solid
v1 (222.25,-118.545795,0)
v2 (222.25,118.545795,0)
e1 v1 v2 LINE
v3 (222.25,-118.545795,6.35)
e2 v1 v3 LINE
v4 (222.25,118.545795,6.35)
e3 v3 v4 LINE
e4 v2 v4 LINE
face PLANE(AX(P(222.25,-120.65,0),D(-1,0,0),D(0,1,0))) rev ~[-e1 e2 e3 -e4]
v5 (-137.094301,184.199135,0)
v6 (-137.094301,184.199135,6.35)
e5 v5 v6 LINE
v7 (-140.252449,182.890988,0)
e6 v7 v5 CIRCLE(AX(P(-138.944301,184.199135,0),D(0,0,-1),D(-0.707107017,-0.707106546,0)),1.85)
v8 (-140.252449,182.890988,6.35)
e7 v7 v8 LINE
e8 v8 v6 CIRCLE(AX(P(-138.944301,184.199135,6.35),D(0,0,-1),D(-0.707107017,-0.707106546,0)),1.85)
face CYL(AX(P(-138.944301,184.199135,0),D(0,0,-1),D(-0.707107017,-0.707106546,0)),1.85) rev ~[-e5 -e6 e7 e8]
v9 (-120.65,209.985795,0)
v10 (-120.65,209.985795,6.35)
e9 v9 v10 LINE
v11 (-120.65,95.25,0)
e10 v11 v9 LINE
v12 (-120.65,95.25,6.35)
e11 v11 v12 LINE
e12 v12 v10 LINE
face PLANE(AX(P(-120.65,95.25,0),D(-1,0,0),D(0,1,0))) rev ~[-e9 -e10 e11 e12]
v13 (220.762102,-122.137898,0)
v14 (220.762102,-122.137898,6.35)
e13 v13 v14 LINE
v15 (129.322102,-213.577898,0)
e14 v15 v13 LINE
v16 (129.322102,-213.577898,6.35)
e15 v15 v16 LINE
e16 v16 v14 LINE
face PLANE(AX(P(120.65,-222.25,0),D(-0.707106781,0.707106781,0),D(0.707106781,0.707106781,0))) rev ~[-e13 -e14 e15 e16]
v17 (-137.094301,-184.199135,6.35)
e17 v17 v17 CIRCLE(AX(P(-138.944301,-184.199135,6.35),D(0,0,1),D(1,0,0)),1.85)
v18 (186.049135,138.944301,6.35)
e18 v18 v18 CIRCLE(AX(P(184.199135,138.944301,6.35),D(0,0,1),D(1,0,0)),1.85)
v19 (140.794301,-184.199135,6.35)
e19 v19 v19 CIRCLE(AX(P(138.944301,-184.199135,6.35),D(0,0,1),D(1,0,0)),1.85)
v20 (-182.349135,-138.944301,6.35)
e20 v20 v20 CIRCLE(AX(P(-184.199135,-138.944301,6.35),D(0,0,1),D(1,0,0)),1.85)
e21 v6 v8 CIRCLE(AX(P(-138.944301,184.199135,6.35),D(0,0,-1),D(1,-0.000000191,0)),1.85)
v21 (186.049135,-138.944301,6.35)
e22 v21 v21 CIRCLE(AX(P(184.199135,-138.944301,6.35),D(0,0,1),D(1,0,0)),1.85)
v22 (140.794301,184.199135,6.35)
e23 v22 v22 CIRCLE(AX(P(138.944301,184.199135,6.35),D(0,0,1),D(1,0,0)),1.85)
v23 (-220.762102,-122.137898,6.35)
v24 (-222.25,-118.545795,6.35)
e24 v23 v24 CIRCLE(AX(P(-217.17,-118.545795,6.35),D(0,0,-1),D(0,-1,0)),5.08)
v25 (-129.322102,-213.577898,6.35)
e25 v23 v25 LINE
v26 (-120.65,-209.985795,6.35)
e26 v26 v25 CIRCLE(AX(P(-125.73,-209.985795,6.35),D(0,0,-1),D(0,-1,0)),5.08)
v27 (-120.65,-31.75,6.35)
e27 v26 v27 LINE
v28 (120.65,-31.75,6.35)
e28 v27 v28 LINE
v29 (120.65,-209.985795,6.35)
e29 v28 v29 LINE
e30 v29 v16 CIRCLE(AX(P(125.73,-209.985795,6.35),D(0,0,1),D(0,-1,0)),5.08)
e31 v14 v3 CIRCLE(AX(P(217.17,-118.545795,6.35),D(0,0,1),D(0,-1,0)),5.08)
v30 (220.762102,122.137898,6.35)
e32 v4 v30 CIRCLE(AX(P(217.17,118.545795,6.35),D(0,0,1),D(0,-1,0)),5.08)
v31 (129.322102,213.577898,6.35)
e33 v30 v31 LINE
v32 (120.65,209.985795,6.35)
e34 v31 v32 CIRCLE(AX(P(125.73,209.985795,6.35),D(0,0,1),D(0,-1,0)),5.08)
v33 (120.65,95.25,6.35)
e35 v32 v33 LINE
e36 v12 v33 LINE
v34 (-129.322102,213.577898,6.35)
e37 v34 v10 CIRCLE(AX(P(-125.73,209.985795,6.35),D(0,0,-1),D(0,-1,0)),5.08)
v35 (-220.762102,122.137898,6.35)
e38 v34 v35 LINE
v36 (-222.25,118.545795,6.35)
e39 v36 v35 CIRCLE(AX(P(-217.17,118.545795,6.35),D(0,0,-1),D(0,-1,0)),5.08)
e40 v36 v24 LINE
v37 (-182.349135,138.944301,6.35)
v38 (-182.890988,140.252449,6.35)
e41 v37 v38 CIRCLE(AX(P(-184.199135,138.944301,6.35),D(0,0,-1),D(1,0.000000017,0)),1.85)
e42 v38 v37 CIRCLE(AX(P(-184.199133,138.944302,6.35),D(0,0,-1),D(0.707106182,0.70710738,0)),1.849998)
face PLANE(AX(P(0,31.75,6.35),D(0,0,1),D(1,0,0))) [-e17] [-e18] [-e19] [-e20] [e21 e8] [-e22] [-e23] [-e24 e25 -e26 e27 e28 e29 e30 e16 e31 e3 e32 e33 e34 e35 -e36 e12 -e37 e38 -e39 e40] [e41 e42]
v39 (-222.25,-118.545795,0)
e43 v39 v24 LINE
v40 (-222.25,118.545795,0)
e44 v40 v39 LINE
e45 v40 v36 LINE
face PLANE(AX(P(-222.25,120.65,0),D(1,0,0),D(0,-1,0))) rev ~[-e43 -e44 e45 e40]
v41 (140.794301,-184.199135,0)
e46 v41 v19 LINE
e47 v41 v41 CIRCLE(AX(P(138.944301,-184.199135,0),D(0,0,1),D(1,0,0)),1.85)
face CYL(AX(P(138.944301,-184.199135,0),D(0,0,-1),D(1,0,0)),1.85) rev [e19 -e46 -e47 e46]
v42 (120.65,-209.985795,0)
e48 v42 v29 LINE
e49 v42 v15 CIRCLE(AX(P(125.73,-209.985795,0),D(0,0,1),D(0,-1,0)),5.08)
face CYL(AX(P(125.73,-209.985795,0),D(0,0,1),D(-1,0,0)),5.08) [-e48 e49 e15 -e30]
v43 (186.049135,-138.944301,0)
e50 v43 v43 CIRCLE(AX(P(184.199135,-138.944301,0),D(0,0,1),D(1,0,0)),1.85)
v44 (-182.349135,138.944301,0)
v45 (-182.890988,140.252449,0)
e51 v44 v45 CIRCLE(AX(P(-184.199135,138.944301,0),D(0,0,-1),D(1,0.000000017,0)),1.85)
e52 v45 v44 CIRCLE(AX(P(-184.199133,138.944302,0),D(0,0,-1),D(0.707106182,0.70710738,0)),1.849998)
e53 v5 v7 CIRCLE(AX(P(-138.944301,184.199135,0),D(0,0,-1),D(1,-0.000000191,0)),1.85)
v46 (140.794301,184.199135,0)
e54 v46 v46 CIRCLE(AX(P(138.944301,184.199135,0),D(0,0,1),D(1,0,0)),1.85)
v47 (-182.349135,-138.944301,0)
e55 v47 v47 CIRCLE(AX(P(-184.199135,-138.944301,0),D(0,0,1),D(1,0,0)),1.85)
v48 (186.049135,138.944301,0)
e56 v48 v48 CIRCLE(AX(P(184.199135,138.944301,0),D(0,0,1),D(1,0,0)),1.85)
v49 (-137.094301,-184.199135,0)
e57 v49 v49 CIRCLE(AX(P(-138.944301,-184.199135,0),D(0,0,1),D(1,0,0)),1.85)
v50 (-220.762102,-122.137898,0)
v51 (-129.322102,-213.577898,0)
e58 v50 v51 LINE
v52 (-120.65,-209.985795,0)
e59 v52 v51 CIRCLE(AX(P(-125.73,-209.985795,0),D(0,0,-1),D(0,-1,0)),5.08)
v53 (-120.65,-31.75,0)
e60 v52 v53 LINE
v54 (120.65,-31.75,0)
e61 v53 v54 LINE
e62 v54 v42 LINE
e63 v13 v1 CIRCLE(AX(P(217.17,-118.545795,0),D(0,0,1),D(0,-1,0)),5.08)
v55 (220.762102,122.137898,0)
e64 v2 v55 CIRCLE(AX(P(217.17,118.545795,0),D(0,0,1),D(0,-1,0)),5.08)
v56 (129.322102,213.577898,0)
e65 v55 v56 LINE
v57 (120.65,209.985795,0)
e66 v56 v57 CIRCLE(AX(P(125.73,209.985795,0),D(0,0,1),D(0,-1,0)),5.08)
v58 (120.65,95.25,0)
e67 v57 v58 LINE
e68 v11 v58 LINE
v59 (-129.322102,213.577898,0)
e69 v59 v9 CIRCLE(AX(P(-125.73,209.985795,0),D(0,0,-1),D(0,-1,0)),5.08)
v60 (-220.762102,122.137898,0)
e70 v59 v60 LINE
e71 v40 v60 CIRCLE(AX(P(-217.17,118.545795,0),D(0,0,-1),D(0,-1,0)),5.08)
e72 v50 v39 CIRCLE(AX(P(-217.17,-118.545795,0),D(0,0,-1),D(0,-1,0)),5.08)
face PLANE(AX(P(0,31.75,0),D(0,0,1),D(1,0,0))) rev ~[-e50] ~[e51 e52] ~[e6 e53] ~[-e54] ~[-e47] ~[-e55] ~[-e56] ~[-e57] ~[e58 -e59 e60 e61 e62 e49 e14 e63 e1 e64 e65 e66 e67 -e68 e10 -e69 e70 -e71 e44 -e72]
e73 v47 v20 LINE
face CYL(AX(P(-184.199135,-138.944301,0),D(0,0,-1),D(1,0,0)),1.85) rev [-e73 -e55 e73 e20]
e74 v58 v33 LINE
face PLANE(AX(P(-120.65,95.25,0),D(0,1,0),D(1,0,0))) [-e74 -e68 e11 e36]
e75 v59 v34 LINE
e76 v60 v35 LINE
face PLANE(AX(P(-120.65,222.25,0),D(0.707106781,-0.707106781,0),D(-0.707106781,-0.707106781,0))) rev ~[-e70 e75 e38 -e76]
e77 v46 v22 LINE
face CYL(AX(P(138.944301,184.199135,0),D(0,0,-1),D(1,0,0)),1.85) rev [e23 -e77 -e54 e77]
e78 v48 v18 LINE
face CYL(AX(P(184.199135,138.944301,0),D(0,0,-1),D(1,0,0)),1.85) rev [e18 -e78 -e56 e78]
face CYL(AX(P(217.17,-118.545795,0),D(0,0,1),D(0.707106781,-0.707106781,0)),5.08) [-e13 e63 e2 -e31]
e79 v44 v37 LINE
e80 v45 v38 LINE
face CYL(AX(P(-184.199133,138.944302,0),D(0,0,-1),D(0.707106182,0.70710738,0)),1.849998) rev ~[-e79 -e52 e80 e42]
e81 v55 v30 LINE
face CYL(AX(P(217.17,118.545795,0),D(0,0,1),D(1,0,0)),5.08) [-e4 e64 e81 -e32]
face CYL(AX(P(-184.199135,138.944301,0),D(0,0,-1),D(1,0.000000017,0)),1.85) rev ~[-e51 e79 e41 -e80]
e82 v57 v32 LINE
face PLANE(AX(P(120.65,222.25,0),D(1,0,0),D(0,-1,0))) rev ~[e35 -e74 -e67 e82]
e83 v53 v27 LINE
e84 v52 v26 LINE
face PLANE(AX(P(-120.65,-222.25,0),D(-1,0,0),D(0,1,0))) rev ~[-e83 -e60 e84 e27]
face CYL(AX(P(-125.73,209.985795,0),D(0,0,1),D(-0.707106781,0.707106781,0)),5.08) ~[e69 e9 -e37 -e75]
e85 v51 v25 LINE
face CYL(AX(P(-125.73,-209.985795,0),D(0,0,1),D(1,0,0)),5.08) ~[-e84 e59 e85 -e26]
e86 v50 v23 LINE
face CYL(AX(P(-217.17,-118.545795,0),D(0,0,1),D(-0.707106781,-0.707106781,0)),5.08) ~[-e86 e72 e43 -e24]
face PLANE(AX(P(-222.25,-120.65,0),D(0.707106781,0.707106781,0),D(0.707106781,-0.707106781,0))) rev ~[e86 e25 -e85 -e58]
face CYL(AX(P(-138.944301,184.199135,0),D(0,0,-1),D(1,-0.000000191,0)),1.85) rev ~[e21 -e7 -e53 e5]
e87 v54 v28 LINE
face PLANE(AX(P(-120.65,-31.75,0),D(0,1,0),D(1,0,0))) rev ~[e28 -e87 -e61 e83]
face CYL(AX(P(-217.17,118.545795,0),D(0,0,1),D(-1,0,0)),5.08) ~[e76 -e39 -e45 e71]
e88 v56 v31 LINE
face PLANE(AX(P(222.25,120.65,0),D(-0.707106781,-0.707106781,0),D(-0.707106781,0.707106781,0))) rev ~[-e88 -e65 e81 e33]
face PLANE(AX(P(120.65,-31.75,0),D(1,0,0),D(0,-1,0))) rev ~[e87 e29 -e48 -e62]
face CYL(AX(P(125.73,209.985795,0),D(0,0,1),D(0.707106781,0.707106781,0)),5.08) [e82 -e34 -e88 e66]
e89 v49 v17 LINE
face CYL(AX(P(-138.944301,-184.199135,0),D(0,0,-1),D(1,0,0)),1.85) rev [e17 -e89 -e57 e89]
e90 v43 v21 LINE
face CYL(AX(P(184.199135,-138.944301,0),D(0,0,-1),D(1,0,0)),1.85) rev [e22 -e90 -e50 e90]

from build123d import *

# Parameters (mm, degrees)
F0_W     = 241.3
F0_H     = 127
F0_R     = 1.85
F1_DEPTH = 6.35
F2_R     = 5.08


with BuildPart() as f1:
    # F0 (on Top) → F1 (new body)
    with BuildSketch(Plane.XY):
        with Locations((0, 31.75)):
            Rectangle(F0_W, F0_H)
        Polygon((-120.65, 95.25), (-120.65, 222.25), (-171.45, 171.45), (-222.25, 120.65), (-222.25, -120.65), (-120.65, -222.25), (-120.65, -31.75), align=None)
        with Locations((-138.944301, -184.199135)):
            Circle(F0_R, mode=Mode.SUBTRACT)
        with Locations((-184.199135, -138.944301)):
            Circle(F0_R, mode=Mode.SUBTRACT)
        with BuildLine():
            ThreePointArc((-182.349135, 138.944301), (-185.908312, 138.236337), (-182.890988, 140.252449))
            ThreePointArc((-182.890988, 140.252449), (-182.489958, 139.652266), (-182.349135, 138.944301))
        make_face(mode=Mode.SUBTRACT)
        with BuildLine():
            ThreePointArc((-137.094301, 184.199135), (-138.236337, 182.489958), (-140.252449, 182.890988))
            ThreePointArc((-140.252449, 182.890988), (-139.652266, 185.908312), (-137.094301, 184.199135))
        make_face(mode=Mode.SUBTRACT)
        Polygon((120.65, 222.25), (120.65, 95.25), (120.65, -31.75), (120.65, -222.25), (222.25, -120.65), (222.25, 120.65), align=None)
        with Locations((138.944301, -184.199135)):
            Circle(F0_R, mode=Mode.SUBTRACT)
        with Locations((184.199135, -138.944301)):
            Circle(F0_R, mode=Mode.SUBTRACT)
        with Locations((184.199135, 138.944301)):
            Circle(F0_R, mode=Mode.SUBTRACT)
        with Locations((138.944301, 184.199135)):
            Circle(F0_R, mode=Mode.SUBTRACT)
    extrude(amount=F1_DEPTH)

    # F2
    f2_edges = [f1.edges().sort_by_distance(p)[0] for p in [
        (-120.65, -222.25, 3.175),
        (120.65, -222.25, 3.175),
        (120.65, 222.25, 3.175),
        (-120.65, 222.25, 3.175),
        (222.25, 120.65, 3.175),
        (222.25, -120.65, 3.175),
        (-222.25, 120.65, 3.175),
        (-222.25, -120.65, 3.175),
    ]]
    fillet(f2_edges, radius=F2_R)


solid = f1.part
